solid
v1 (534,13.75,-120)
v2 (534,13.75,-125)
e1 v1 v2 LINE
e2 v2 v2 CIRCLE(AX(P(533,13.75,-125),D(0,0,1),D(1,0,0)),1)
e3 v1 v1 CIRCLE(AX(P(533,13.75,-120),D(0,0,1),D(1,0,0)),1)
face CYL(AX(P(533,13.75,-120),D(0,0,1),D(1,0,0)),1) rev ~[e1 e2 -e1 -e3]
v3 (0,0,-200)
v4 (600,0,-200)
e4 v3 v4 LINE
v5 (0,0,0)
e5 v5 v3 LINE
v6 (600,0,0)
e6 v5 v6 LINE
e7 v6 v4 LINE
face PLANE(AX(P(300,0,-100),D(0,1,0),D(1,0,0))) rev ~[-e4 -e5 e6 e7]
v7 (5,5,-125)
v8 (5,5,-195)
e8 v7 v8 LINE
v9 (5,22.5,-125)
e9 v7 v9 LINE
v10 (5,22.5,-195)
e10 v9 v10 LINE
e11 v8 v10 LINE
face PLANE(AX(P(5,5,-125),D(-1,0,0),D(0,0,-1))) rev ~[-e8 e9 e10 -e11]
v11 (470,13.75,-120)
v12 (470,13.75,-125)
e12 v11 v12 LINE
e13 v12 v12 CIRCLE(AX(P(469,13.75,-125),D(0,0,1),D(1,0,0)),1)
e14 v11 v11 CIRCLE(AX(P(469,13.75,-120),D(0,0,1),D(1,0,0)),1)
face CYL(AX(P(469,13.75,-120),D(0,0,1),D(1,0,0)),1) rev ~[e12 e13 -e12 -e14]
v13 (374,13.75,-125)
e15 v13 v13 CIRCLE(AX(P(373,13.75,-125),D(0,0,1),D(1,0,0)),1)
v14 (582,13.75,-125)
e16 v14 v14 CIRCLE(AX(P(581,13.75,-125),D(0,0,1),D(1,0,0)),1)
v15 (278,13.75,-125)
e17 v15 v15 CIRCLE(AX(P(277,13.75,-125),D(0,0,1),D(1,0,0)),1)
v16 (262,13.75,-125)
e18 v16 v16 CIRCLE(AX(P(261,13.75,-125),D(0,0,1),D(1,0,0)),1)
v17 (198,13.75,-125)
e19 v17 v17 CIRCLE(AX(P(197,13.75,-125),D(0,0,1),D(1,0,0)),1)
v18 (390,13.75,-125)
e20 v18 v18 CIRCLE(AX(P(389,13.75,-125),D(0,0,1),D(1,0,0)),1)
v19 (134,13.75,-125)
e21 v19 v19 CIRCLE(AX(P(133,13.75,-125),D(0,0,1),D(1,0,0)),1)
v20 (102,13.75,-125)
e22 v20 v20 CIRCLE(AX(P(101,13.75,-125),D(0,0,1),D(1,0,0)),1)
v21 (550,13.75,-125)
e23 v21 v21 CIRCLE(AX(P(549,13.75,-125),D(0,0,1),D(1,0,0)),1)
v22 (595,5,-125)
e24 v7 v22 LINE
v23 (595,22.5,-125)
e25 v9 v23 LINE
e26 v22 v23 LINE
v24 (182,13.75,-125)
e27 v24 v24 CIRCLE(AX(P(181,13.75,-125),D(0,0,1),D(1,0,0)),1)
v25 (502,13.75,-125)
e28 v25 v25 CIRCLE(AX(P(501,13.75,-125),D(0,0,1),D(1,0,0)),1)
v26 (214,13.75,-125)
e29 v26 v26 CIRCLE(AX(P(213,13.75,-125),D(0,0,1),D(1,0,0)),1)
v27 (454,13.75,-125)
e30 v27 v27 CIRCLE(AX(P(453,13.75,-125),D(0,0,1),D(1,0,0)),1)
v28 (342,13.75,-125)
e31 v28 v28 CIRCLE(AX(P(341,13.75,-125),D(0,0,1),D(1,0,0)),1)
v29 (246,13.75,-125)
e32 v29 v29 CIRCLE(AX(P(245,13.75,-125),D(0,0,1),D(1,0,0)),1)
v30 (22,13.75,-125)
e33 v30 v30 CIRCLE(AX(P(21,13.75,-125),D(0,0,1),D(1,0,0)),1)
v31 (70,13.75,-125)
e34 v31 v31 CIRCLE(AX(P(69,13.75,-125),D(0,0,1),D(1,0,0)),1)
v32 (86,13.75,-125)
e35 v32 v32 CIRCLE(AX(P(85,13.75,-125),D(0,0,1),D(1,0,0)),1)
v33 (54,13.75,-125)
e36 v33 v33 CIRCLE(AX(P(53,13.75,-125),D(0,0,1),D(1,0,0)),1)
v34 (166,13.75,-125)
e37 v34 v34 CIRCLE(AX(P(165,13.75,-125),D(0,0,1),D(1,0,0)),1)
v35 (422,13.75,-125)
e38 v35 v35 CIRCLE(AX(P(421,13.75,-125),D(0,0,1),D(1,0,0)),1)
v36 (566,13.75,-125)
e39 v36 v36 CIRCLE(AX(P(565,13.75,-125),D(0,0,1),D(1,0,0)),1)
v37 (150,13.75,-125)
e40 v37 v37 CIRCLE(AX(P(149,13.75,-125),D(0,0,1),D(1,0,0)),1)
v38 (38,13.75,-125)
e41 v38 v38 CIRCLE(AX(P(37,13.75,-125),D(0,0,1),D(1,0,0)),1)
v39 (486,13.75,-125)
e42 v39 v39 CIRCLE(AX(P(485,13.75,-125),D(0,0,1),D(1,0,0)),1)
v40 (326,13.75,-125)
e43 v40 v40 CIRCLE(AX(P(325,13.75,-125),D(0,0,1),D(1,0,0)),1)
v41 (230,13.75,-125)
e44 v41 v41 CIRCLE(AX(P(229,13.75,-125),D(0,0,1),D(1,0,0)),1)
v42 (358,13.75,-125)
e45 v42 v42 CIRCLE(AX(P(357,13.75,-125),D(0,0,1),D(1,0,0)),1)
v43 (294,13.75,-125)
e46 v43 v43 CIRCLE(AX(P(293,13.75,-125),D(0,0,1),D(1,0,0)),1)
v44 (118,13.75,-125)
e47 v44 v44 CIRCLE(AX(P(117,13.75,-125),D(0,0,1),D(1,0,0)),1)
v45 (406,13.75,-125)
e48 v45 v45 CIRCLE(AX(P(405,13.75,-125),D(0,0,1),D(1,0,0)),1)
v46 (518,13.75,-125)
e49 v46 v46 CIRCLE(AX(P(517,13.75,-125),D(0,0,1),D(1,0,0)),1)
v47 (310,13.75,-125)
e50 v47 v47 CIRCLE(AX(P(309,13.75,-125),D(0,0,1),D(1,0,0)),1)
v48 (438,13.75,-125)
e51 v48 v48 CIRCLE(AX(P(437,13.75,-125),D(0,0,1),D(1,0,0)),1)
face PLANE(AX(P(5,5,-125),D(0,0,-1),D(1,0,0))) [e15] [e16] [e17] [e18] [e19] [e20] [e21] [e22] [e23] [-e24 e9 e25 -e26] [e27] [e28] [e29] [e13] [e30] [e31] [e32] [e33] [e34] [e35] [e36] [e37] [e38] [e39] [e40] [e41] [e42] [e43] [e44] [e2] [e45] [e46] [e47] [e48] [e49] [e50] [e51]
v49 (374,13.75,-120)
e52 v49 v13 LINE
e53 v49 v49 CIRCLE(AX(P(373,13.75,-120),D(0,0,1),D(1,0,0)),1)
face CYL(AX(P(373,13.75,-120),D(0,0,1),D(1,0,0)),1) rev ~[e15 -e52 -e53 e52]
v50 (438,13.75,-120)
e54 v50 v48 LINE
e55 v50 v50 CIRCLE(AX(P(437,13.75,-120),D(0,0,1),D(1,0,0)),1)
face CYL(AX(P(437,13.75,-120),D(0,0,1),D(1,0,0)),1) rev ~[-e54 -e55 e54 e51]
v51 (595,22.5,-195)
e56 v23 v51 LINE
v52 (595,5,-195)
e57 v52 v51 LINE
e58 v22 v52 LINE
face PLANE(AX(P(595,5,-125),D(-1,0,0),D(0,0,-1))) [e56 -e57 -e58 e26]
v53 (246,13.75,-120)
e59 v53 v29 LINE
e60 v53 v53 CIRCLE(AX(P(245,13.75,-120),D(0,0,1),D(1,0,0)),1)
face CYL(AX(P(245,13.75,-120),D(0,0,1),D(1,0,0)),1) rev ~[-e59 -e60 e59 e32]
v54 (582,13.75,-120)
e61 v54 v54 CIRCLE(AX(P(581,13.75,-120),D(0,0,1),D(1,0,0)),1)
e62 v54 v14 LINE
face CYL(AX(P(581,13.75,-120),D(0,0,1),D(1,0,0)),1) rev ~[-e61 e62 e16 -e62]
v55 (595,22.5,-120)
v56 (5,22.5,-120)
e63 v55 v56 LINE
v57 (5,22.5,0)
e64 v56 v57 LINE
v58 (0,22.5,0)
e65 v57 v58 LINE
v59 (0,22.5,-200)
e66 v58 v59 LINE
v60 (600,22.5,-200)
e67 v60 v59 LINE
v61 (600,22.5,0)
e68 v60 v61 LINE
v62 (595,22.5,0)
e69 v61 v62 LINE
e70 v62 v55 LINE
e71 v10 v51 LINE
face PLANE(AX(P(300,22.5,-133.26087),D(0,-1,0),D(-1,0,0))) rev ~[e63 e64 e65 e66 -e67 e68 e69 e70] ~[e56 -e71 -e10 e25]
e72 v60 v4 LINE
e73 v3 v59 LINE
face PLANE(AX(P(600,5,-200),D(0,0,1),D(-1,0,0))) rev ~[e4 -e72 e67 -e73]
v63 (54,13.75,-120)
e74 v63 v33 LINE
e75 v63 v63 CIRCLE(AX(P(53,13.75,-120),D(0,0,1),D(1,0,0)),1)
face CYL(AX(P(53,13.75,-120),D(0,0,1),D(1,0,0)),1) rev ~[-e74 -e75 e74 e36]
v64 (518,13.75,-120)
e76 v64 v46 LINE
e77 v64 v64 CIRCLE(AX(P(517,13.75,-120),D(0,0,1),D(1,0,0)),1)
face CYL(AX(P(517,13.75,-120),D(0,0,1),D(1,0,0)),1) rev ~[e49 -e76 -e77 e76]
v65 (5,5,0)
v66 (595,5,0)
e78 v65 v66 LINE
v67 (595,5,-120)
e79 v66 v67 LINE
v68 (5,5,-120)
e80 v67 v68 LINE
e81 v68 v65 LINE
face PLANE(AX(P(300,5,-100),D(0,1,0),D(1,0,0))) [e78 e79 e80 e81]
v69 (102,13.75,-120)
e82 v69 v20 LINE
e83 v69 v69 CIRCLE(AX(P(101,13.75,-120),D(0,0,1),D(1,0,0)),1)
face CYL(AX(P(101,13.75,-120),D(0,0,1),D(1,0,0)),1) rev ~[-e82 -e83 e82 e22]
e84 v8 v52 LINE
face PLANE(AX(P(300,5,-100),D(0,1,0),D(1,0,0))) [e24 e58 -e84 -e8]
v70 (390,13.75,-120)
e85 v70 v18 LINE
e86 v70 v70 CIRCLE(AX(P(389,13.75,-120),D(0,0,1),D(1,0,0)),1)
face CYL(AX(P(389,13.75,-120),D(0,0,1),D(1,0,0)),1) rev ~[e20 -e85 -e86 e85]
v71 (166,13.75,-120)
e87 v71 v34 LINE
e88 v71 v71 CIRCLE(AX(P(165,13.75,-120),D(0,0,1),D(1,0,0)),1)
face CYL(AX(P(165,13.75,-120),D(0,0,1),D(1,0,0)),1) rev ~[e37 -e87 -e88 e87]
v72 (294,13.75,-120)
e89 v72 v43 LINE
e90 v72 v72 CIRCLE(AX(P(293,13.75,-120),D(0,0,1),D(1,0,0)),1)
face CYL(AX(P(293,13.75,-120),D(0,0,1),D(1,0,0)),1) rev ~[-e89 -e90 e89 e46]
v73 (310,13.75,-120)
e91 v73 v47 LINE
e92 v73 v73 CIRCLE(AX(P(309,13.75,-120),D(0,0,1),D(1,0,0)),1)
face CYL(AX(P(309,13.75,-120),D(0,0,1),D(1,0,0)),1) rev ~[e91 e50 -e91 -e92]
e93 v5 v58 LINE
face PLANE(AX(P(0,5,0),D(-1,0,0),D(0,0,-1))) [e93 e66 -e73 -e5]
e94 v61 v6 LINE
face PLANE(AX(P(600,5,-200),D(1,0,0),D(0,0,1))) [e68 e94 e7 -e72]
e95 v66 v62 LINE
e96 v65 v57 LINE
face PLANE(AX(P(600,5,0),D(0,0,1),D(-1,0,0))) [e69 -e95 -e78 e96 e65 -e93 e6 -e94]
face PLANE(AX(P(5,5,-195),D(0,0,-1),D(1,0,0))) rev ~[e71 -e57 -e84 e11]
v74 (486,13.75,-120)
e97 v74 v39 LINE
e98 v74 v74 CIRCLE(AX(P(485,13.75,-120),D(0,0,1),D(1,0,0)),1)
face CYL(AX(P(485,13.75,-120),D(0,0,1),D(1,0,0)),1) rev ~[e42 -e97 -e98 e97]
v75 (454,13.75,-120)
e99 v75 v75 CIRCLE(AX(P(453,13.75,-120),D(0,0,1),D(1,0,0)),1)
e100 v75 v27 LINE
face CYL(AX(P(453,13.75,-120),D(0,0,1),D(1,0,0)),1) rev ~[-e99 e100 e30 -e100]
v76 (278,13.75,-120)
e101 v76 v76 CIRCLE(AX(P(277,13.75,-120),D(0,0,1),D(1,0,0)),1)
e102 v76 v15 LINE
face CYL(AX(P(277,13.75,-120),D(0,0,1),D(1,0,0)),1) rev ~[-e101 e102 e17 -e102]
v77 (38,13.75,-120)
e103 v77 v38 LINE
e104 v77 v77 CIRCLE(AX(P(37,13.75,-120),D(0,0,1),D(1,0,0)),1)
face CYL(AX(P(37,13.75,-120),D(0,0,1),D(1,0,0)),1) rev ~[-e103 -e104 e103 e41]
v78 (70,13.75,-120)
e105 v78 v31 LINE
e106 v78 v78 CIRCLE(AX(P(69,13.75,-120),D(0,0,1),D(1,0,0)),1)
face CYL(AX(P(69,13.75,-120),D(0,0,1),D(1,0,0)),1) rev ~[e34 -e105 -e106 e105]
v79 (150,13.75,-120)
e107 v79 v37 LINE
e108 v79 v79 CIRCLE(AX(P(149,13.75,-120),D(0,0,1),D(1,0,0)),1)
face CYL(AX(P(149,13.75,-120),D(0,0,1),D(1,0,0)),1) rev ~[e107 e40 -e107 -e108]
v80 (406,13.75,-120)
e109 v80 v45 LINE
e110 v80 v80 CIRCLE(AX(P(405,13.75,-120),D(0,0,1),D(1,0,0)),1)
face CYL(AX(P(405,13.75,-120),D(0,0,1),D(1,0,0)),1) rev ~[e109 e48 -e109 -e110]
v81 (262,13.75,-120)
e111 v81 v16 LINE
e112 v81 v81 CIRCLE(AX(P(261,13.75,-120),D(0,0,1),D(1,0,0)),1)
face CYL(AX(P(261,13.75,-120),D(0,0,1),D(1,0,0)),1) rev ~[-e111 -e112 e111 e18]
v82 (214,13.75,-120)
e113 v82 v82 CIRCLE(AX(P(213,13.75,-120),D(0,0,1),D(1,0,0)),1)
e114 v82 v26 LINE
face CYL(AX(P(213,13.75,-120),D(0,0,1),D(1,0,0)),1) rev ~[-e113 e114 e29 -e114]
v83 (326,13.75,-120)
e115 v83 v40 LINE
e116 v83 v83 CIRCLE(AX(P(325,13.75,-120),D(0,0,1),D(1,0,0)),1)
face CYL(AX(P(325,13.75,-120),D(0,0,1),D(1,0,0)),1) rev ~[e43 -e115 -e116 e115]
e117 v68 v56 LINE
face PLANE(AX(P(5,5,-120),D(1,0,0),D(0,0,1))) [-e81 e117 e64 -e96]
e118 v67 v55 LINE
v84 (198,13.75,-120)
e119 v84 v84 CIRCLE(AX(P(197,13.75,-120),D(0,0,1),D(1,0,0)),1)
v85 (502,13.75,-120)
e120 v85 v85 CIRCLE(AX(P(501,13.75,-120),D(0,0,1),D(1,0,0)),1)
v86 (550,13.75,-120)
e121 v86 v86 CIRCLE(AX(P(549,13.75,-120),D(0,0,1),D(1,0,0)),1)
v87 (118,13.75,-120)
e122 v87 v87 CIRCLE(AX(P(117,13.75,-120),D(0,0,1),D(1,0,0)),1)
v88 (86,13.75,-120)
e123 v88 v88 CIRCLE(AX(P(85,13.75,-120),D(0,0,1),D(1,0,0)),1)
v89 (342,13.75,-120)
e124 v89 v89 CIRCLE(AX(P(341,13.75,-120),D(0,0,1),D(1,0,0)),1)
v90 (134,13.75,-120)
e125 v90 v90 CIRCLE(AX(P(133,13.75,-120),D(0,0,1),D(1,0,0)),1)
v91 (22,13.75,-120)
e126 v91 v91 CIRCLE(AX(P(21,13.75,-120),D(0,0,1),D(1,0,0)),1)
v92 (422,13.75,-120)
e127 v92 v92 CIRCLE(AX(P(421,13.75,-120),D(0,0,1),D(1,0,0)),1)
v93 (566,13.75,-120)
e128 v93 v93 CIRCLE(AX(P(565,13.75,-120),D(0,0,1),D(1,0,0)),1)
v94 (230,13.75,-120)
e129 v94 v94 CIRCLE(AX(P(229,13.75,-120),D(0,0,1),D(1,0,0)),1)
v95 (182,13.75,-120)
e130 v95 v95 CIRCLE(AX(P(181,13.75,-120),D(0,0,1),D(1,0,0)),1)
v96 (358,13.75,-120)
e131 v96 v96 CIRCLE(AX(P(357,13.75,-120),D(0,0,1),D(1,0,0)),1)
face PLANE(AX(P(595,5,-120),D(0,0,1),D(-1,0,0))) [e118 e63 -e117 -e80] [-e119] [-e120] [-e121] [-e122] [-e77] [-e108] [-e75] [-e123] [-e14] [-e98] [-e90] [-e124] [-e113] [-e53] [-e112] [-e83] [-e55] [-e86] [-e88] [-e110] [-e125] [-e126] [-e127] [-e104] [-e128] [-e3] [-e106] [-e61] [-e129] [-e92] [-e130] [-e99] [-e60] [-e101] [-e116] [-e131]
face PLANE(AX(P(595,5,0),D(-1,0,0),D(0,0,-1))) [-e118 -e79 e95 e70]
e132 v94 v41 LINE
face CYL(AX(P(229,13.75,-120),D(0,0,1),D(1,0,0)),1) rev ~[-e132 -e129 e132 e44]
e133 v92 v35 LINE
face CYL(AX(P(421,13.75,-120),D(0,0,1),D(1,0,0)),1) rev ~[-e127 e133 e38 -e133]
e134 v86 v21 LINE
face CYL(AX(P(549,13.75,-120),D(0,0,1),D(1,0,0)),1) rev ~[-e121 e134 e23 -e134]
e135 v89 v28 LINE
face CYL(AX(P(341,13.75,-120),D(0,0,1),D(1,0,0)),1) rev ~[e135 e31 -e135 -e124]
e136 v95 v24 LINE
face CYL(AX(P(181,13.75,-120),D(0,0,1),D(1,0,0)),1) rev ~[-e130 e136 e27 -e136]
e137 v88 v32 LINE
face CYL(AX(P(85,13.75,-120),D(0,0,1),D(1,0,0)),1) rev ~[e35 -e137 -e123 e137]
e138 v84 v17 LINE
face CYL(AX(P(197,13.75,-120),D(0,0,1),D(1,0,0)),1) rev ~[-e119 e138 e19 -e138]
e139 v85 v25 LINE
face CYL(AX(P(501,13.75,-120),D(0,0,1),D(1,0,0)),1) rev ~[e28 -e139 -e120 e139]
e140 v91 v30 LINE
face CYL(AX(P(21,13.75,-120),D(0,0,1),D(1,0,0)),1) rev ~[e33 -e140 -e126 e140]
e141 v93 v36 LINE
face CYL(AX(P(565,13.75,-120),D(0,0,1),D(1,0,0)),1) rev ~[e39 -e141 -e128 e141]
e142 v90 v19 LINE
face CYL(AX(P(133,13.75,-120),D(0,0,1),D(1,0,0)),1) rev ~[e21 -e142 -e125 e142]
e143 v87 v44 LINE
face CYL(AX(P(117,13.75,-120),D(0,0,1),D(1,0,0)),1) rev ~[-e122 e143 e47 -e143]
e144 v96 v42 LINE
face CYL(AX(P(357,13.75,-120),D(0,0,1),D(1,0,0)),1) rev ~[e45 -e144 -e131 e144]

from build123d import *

# Parameters (mm, degrees)
SKETCH1_W           = 600
SKETCH1_H           = 200
BOSS_EXTRUDE1_DEPTH = 5
SKETCH2_W           = 590
SKETCH2_H           = 70
BOSS_EXTRUDE2_DEPTH = 17.5
SKETCH3_R           = 1
CUT_EXTRUDE1_DEPTH  = 5


with BuildPart() as part:
    # Sketch1 → Boss-Extrude1 (new body)
    with BuildSketch(Plane(origin=(0, 0, 0), x_dir=(1, 0, 0), z_dir=(0, 1, 0))):
        with Locations((300, 100)):
            Rectangle(SKETCH1_W, SKETCH1_H)
    extrude(amount=BOSS_EXTRUDE1_DEPTH)

    # Sketch2 → Boss-Extrude2 (add)
    with BuildSketch(Plane(origin=(0, 5, 0), x_dir=(1, 0, 0), z_dir=(0, 1, 0))):
        Polygon((0, 200), (5, 200), (595, 200), (600, 200), (600, 0), (595, 0), (595, 120), (5, 120), (5, 0), (0, 0), align=None)
        with Locations((300, 160)):
            Rectangle(SKETCH2_W, SKETCH2_H, mode=Mode.SUBTRACT)
    extrude(amount=BOSS_EXTRUDE2_DEPTH)

    # Sketch3 → Cut-Extrude1 (cut)
    with BuildSketch(Plane.XY.offset(-120)):
        with Locations((21, 13.75)):
            Circle(SKETCH3_R)
        with Locations((37, 13.75)):
            Circle(SKETCH3_R)
        with Locations((53, 13.75)):
            Circle(SKETCH3_R)
        with Locations((69, 13.75)):
            Circle(SKETCH3_R)
        with Locations((85, 13.75)):
            Circle(SKETCH3_R)
        with Locations((101, 13.75)):
            Circle(SKETCH3_R)
        with Locations((117, 13.75)):
            Circle(SKETCH3_R)
        with Locations((133, 13.75)):
            Circle(SKETCH3_R)
        with Locations((149, 13.75)):
            Circle(SKETCH3_R)
        with Locations((165, 13.75)):
            Circle(SKETCH3_R)
        with Locations((181, 13.75)):
            Circle(SKETCH3_R)
        with Locations((197, 13.75)):
            Circle(SKETCH3_R)
        with Locations((213, 13.75)):
            Circle(SKETCH3_R)
        with Locations((229, 13.75)):
            Circle(SKETCH3_R)
        with Locations((245, 13.75)):
            Circle(SKETCH3_R)
        with Locations((261, 13.75)):
            Circle(SKETCH3_R)
        with Locations((277, 13.75)):
            Circle(SKETCH3_R)
        with Locations((293, 13.75)):
            Circle(SKETCH3_R)
        with Locations((309, 13.75)):
            Circle(SKETCH3_R)
        with Locations((325, 13.75)):
            Circle(SKETCH3_R)
        with Locations((341, 13.75)):
            Circle(SKETCH3_R)
        with Locations((357, 13.75)):
            Circle(SKETCH3_R)
        with Locations((373, 13.75)):
            Circle(SKETCH3_R)
        with Locations((389, 13.75)):
            Circle(SKETCH3_R)
        with Locations((405, 13.75)):
            Circle(SKETCH3_R)
        with Locations((421, 13.75)):
            Circle(SKETCH3_R)
        with Locations((437, 13.75)):
            Circle(SKETCH3_R)
        with Locations((453, 13.75)):
            Circle(SKETCH3_R)
        with Locations((469, 13.75)):
            Circle(SKETCH3_R)
        with Locations((485, 13.75)):
            Circle(SKETCH3_R)
        with Locations((501, 13.75)):
            Circle(SKETCH3_R)
        with Locations((517, 13.75)):
            Circle(SKETCH3_R)
        with Locations((533, 13.75)):
            Circle(SKETCH3_R)
        with Locations((549, 13.75)):
            Circle(SKETCH3_R)
        with Locations((565, 13.75)):
            Circle(SKETCH3_R)
        with Locations((581, 13.75)):
            Circle(SKETCH3_R)
    extrude(amount=-CUT_EXTRUDE1_DEPTH, mode=Mode.SUBTRACT)


solid = part.part
